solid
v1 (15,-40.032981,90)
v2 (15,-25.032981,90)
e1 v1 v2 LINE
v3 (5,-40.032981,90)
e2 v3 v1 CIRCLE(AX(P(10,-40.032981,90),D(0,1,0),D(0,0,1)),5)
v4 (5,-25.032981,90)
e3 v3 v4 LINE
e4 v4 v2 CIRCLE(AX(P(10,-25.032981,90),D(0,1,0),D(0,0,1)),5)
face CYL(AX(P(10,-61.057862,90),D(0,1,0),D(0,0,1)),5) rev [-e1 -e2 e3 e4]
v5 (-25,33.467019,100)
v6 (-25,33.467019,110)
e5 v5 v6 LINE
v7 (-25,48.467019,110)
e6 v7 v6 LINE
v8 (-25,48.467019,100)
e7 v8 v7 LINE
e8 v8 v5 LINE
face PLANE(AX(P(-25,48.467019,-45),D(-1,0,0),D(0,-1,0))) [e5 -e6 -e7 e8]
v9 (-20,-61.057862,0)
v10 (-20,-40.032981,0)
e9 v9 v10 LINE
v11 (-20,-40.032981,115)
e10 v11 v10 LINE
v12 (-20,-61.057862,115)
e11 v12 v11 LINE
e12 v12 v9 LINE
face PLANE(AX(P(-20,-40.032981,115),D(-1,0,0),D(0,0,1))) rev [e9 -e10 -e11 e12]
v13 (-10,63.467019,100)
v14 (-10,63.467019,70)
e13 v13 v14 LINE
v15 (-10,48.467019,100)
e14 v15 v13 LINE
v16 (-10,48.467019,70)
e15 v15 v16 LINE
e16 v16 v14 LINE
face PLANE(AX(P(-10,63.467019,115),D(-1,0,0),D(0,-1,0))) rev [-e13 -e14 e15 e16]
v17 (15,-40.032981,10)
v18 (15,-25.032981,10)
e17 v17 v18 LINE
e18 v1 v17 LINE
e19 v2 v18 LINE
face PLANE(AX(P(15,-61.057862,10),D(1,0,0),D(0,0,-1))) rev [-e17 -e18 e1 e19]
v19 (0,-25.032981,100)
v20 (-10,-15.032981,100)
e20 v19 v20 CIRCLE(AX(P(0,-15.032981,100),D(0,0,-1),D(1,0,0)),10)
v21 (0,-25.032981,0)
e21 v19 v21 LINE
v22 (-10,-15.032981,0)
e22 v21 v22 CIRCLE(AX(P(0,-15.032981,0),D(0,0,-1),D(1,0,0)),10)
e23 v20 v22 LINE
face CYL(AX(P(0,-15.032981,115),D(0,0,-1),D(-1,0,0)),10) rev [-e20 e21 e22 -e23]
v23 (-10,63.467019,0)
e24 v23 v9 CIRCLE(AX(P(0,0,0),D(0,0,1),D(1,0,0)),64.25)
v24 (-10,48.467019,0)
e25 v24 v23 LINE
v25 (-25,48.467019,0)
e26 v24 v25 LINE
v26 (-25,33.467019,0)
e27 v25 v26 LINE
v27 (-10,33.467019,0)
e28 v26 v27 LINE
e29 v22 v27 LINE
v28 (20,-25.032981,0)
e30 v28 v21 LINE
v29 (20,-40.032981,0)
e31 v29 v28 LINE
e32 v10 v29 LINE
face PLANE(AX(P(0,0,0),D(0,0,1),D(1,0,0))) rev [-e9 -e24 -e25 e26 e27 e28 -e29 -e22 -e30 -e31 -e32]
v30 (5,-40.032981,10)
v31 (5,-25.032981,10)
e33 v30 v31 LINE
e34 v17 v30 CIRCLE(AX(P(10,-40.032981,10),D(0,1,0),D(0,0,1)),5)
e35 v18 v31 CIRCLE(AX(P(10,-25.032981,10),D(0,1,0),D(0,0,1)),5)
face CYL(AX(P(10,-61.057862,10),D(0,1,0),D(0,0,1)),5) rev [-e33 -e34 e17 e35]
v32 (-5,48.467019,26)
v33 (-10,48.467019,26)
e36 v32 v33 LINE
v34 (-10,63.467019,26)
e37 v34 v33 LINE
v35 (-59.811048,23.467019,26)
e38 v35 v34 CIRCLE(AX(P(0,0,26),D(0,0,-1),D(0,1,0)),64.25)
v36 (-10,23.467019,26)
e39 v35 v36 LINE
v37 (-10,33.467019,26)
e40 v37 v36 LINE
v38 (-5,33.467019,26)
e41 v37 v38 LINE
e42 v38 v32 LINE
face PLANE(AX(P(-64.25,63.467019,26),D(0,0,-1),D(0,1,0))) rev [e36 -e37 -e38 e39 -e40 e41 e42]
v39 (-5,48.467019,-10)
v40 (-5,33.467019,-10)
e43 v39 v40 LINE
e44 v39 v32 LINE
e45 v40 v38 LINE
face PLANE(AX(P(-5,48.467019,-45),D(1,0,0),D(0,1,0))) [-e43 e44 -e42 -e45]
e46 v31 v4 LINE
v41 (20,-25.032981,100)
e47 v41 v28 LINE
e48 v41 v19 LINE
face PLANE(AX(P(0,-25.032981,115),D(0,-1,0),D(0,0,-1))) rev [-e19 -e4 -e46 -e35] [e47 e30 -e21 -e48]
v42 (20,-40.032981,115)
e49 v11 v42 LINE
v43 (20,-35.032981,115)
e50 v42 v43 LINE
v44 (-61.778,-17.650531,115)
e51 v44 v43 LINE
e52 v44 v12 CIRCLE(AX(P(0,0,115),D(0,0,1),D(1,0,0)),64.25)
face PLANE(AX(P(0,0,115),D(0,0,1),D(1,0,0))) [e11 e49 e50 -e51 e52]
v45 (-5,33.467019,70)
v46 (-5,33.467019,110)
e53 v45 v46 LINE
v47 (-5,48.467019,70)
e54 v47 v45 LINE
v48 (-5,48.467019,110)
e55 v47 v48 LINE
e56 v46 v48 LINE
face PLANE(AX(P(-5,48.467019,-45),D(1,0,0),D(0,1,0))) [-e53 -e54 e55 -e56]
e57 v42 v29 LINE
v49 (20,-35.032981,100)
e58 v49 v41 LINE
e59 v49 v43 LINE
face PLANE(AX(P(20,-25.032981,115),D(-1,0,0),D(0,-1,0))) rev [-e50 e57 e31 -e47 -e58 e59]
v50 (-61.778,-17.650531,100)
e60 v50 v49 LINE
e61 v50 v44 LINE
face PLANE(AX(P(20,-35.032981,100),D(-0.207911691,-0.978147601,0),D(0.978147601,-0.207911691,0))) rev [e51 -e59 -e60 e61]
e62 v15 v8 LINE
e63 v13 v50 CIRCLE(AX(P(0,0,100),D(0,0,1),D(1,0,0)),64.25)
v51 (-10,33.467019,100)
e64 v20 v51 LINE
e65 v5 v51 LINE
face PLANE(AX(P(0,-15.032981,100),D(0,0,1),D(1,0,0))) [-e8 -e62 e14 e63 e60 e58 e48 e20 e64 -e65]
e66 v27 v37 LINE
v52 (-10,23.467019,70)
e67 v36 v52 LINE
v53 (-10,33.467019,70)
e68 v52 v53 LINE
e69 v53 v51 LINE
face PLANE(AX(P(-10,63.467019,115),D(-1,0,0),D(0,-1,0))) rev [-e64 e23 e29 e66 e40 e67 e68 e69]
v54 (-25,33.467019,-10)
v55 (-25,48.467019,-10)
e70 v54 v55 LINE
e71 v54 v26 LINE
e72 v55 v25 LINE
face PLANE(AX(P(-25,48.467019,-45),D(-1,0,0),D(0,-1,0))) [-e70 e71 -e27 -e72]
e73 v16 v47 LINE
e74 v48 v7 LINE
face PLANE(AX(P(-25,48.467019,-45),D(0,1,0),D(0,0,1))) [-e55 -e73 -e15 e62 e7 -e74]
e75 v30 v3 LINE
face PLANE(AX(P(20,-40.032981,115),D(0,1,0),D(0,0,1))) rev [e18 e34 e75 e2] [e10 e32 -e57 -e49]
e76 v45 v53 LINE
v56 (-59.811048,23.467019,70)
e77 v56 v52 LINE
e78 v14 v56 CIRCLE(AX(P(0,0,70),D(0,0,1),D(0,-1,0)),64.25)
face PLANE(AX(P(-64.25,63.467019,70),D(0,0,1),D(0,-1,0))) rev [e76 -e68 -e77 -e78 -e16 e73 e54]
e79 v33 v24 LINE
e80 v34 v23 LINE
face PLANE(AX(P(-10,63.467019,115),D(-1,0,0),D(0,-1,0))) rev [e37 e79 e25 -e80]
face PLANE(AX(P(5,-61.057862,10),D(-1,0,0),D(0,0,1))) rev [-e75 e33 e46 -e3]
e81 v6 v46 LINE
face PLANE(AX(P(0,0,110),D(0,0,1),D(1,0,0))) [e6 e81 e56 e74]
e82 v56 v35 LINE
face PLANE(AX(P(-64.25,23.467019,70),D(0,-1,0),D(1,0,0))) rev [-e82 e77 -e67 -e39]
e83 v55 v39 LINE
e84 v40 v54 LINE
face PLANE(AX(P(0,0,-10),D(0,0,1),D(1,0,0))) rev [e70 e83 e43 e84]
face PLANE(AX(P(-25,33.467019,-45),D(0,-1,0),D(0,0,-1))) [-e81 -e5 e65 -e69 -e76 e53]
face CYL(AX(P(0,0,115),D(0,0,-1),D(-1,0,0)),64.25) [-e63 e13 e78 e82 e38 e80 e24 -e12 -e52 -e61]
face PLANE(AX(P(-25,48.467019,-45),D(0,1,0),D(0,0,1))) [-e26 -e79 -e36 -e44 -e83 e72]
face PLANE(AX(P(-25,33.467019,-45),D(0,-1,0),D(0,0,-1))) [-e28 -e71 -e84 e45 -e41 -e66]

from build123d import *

# Parameters (mm, degrees)
BOSS_EXTRU_1_DEPTH      = 115
ENL_V_START             = -15
ENL_V_MAT_EXTRU_1_DEPTH = 15
BOSS_EXTRU_2_START      = -110
ESQUISSE3_W             = 20
ESQUISSE3_H             = 15
BOSS_EXTRU_2_DEPTH      = 120
ESQUISSE4_W             = 44
ESQUISSE4_H             = 40
ENL_V_MAT_EXTRU_2_DEPTH = 145.095888213
ENL_V_MAT_EXTRU_3_DEPTH = 159.698810645


with BuildPart() as part:
    # Esquisse1 → Boss.-Extru.1 (new body)
    with BuildSketch(Plane.XY):
        with BuildLine():
            Line((-10, 63.467018994), (-10, -15.032981006))
            ThreePointArc((-10, -15.032981006), (-7.071067812, -22.104048818), (0, -25.032981006))
            Line((0, -25.032981006), (20, -25.032981006))
            Line((20, -25.032981006), (20, -40.032981006))
            Line((20, -40.032981006), (-20, -40.032981006))
            Line((-20, -40.032981006), (-20, -61.057861902))
            ThreePointArc((-20, -61.057861902), (-64.043824765, 5.143054489), (-10, 63.467018994))
        make_face()
    extrude(amount=BOSS_EXTRU_1_DEPTH)

    # Esquisse2 → Enlèv. mat.-Extru.1 (cut)
    with BuildSketch(Plane.XY.offset(115).offset(ENL_V_START)):
        with BuildLine():
            Line((20, -35.032981006), (-61.777999904, -17.650530526))
            ThreePointArc((-61.777999904, -17.650530526), (-54.157497427, 34.569176623), (-10, 63.467018994))
            Line((-10, 63.467018994), (-10, -15.032981006))
            ThreePointArc((-10, -15.032981006), (-7.071067812, -22.104048818), (0, -25.032981006))
            Line((0, -25.032981006), (20, -25.032981006))
            Line((20, -25.032981006), (20, -35.032981006))
        make_face()
    extrude(amount=ENL_V_MAT_EXTRU_1_DEPTH, mode=Mode.SUBTRACT)

    # Esquisse3 → Boss.-Extru.2 (add)
    with BuildSketch(Plane.XY.offset(100).offset(BOSS_EXTRU_2_START)):
        with Locations((-15, 40.967018994)):
            Rectangle(ESQUISSE3_W, ESQUISSE3_H)
    extrude(amount=BOSS_EXTRU_2_DEPTH)

    # Esquisse4 → Enlèv. mat.-Extru.2 (cut, through all)
    with BuildSketch(Plane(origin=(-5, 0, 0), x_dir=(0, 0, -1), z_dir=(1, 0, 0))):
        with Locations((-48, 43.467018994)):
            Rectangle(ESQUISSE4_W, ESQUISSE4_H)
    extrude(amount=-ENL_V_MAT_EXTRU_2_DEPTH, mode=Mode.SUBTRACT)

    # Esquisse5 → Enlèv. mat.-Extru.3 (cut, through all)
    with BuildSketch(Plane(origin=(0, -25.032981006, 0), x_dir=(1, 0, 0), z_dir=(0, 1, 0))):
        with BuildLine():
            Line((15, -10), (15, -90))
            ThreePointArc((15, -90), (10, -95), (5, -90))
            Line((5, -90), (5, -10))
            ThreePointArc((5, -10), (10, -5), (15, -10))
        make_face()
    extrude(amount=-ENL_V_MAT_EXTRU_3_DEPTH, mode=Mode.SUBTRACT)


solid = part.part
